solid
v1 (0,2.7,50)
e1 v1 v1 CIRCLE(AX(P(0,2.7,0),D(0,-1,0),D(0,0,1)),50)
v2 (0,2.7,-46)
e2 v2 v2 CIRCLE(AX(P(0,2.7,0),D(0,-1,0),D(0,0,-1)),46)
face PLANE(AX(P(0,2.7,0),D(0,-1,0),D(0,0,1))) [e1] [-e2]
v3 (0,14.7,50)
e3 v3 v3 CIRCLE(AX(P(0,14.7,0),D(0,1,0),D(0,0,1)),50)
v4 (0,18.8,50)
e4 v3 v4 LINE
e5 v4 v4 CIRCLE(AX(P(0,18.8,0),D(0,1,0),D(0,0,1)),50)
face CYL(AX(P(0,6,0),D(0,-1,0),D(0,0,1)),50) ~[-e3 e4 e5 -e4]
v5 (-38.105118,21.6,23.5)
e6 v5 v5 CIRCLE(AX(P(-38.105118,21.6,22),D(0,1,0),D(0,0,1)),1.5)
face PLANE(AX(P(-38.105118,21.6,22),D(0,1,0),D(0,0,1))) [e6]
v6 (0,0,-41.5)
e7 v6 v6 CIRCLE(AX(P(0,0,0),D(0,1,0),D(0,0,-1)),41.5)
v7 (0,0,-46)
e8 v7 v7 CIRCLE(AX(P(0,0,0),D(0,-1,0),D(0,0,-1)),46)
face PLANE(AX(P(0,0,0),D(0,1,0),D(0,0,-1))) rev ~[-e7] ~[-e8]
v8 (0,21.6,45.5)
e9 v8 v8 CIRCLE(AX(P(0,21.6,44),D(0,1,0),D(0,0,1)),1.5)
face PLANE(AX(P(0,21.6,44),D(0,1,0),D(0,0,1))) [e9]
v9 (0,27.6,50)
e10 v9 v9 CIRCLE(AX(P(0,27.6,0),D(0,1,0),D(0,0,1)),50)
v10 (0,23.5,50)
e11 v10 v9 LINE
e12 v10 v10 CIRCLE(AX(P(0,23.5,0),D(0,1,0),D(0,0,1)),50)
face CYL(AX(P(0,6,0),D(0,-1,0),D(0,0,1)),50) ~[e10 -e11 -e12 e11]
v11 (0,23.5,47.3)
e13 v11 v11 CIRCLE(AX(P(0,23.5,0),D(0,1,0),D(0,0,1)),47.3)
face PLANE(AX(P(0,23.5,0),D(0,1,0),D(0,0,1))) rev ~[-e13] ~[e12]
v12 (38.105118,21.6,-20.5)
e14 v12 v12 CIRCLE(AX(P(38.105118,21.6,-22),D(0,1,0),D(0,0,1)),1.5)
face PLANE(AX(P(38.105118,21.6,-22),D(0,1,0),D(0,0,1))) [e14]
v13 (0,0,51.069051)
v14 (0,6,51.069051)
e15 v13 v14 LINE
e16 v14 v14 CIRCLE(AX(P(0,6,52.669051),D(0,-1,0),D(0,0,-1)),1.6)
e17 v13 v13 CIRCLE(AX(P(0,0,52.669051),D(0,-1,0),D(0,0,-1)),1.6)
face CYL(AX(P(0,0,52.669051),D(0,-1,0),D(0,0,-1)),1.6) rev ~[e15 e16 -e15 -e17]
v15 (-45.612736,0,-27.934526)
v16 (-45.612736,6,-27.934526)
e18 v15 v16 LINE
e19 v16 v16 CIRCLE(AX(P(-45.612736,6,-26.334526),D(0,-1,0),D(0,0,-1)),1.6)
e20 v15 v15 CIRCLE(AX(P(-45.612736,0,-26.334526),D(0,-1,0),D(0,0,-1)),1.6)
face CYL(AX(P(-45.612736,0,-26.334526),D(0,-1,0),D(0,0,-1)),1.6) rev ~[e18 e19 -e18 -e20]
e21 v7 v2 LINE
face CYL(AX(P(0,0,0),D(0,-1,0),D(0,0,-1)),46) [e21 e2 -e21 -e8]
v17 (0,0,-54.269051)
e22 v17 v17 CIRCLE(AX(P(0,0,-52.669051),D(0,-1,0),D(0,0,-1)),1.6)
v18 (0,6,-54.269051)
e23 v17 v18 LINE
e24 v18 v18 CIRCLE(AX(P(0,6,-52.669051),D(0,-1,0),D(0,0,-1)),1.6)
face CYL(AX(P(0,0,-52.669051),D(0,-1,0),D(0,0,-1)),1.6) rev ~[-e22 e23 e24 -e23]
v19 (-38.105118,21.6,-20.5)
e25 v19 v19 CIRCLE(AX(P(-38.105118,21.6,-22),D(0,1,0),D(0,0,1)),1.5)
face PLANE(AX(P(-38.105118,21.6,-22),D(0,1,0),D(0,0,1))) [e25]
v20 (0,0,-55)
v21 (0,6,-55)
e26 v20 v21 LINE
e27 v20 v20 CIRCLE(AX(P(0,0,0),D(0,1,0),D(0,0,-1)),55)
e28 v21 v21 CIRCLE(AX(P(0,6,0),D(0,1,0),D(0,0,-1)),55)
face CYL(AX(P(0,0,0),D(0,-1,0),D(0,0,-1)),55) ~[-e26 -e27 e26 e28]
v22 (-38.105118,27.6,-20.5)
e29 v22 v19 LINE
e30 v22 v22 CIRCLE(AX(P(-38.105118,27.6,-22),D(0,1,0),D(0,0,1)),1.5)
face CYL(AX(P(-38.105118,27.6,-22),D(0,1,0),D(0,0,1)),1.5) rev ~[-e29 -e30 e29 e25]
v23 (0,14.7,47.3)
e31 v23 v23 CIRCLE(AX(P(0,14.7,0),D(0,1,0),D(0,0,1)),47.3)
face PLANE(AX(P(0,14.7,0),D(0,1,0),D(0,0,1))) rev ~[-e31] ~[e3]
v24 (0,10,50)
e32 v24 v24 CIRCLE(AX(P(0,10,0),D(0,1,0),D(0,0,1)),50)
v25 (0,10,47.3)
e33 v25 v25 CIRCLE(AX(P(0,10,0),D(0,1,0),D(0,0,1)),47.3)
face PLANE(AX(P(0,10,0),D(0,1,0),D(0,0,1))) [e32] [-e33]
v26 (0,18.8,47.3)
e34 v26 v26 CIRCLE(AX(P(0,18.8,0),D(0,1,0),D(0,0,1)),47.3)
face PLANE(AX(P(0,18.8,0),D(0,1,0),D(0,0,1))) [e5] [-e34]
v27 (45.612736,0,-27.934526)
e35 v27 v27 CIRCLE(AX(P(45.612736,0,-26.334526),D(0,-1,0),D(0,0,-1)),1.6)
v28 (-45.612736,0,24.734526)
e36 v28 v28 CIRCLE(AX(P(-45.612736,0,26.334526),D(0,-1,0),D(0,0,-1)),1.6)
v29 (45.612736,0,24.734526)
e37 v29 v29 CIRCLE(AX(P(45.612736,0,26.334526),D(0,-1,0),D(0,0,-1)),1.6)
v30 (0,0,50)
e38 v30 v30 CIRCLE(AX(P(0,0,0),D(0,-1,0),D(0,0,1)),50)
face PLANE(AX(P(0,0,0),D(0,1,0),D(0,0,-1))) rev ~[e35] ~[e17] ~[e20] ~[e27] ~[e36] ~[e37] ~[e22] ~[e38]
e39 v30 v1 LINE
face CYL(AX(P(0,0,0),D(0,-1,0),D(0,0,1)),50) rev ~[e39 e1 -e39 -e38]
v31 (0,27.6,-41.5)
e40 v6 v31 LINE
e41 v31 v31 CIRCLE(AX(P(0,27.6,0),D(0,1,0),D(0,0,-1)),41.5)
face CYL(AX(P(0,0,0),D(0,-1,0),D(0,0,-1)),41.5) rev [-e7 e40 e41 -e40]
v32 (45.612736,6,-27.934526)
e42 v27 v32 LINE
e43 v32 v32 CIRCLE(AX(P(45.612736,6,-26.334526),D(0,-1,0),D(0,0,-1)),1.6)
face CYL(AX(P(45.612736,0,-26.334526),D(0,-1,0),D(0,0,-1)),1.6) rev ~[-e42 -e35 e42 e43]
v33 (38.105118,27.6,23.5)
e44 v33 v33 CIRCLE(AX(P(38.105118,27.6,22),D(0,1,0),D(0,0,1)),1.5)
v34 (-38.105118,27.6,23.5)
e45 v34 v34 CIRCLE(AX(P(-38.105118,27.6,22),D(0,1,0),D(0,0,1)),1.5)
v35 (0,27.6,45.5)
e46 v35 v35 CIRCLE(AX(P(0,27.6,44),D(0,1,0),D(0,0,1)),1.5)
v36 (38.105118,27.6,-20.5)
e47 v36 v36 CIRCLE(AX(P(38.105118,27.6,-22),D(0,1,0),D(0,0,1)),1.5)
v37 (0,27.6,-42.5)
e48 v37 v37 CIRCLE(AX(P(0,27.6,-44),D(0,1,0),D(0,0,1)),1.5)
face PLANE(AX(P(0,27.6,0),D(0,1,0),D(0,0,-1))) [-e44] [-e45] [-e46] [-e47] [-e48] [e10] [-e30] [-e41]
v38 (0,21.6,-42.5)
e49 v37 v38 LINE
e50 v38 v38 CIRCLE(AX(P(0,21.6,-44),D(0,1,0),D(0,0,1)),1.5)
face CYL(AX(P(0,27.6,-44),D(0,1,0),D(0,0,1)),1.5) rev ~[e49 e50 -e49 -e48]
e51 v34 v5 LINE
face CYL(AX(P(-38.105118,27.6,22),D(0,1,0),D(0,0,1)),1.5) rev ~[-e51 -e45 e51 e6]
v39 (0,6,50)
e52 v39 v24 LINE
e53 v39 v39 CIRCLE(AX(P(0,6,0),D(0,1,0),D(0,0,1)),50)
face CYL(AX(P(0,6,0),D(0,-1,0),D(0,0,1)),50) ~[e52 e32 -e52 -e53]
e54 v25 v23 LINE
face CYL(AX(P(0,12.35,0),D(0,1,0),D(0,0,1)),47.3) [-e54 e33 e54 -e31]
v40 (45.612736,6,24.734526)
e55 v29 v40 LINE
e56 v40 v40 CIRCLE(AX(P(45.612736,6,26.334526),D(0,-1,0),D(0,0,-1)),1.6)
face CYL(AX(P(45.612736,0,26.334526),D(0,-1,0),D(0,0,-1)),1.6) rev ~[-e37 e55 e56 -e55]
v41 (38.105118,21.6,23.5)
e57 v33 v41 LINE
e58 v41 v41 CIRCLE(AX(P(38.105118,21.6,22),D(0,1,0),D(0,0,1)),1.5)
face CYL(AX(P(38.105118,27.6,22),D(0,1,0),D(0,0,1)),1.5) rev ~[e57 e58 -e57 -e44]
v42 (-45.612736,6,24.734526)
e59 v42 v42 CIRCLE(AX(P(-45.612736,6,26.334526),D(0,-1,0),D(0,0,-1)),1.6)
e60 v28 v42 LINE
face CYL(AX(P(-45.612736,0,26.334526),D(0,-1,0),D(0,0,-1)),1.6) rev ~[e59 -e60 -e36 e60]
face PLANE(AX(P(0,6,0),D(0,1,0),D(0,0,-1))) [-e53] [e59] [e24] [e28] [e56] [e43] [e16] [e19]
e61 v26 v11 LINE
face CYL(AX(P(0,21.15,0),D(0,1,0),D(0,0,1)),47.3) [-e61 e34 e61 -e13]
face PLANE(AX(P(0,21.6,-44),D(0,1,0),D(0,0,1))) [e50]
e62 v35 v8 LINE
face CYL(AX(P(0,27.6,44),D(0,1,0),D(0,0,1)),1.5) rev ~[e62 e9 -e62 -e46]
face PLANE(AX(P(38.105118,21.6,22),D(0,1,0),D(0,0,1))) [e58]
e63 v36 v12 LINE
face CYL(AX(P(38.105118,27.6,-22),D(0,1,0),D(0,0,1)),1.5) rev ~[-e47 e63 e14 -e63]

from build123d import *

# Parameters (mm, degrees)
SKETCH_1_R          = 55
SKETCH_1_R_2        = 41.5
EXTRUDE_1_DEPTH     = 27.6
CUT_EXTRUDE_START   = -21.6
SKETCH_2_R          = 55
SKETCH_2_R_2        = 50
CUT_EXTRUDE_1_DEPTH = 21.6
SKETCH_3_W          = 2.7
SKETCH_3_H          = 4.7
SKETCH_4_R          = 50
SKETCH_4_R_2        = 46
CUT_EXTRUDE_2_DEPTH = 2.7
SKETCH_5_R          = 1.6
CUT_EXTRUDE_3_DEPTH = 83.533387184
SKETCH_6_R          = 1.5
CUT_EXTRUDE_4_DEPTH = 6


with BuildPart() as part:
    # 草图1 → 凸台-拉伸1 (new body)
    with BuildSketch(Plane(origin=(0, 0, 0), x_dir=(1, 0, 0), z_dir=(0, 1, 0))):
        with Locations(Location((0, 0, 0), (0, 0, 90))):
            Circle(SKETCH_1_R)
        with Locations(Location((0, 0, 0), (0, 0, 90))):
            Circle(SKETCH_1_R_2, mode=Mode.SUBTRACT)
    extrude(amount=EXTRUDE_1_DEPTH)

    # 草图2 → 切除-拉伸1 (cut)
    with BuildSketch(Plane(origin=(0, 27.6, 0), x_dir=(1, 0, 0), z_dir=(0, 1, 0)).offset(CUT_EXTRUDE_START)):
        with Locations(Location((0, 0, 0), (0, 0, 90))):
            Circle(SKETCH_2_R)
        with Locations(Location((0, 0, 0), (0, 0, 270))):
            Circle(SKETCH_2_R_2, mode=Mode.SUBTRACT)
    extrude(amount=CUT_EXTRUDE_1_DEPTH, mode=Mode.SUBTRACT)

    # 草图3 → 切除-旋转1 (revolve, cut)
    with BuildSketch(Plane.XY, mode=Mode.PRIVATE) as cut_revolve_1_sk:
        with Locations((-48.65, 21.15)):
            Rectangle(SKETCH_3_W, SKETCH_3_H)
        with Locations((-48.65, 12.35)):
            Rectangle(SKETCH_3_W, SKETCH_3_H)
    revolve(cut_revolve_1_sk.sketch.rotate(Axis((0, 0, 0), (0, 1, 0)), 90), axis=Axis((0, 0, 0), (0, 1, 0)), mode=Mode.SUBTRACT)

    # 草图4 → 切除-拉伸2 (cut)
    with BuildSketch(Plane.XZ):
        with Locations(Location((0, 0, 0), (0, 0, 90))):
            Circle(SKETCH_4_R)
        with Locations(Location((0, 0, 0), (0, 0, 270))):
            Circle(SKETCH_4_R_2, mode=Mode.SUBTRACT)
    extrude(amount=-CUT_EXTRUDE_2_DEPTH, mode=Mode.SUBTRACT)

    # 草图5 → 切除-拉伸3 (cut, through all)
    with BuildSketch(Plane.XZ):
        with Locations(Location((45.612736373, 26.334525624, 0), (0, 0, 270))):
            Circle(SKETCH_5_R)
        with Locations(Location((45.612736373, -26.334525624, 0), (0, 0, 270))):
            Circle(SKETCH_5_R)
        with Locations(Location((0, -52.669051247, 0), (0, 0, 270))):
            Circle(SKETCH_5_R)
        with Locations(Location((-45.612736373, -26.334525624, 0), (0, 0, 270))):
            Circle(SKETCH_5_R)
        with Locations(Location((-45.612736373, 26.334525624, 0), (0, 0, 270))):
            Circle(SKETCH_5_R)
        with Locations(Location((0, 52.669051247, 0), (0, 0, 270))):
            Circle(SKETCH_5_R)
    extrude(amount=-CUT_EXTRUDE_3_DEPTH, mode=Mode.SUBTRACT)

    # 草图6 → 切除-拉伸4 (cut)
    with BuildSketch(Plane(origin=(0, 27.6, 0), x_dir=(1, 0, 0), z_dir=(0, 1, 0))):
        with Locations(Location((38.105117767, 22, 0), (0, 0, 270))):
            Circle(SKETCH_6_R)
        with Locations(Location((38.105117767, -22, 0), (0, 0, 270))):
            Circle(SKETCH_6_R)
        with Locations(Location((0, -44, 0), (0, 0, 270))):
            Circle(SKETCH_6_R)
        with Locations(Location((-38.105117767, -22, 0), (0, 0, 270))):
            Circle(SKETCH_6_R)
        with Locations(Location((-38.105117767, 22, 0), (0, 0, 270))):
            Circle(SKETCH_6_R)
        with Locations(Location((0, 44, 0), (0, 0, 270))):
            Circle(SKETCH_6_R)
    extrude(amount=-CUT_EXTRUDE_4_DEPTH, mode=Mode.SUBTRACT)


solid = part.part
